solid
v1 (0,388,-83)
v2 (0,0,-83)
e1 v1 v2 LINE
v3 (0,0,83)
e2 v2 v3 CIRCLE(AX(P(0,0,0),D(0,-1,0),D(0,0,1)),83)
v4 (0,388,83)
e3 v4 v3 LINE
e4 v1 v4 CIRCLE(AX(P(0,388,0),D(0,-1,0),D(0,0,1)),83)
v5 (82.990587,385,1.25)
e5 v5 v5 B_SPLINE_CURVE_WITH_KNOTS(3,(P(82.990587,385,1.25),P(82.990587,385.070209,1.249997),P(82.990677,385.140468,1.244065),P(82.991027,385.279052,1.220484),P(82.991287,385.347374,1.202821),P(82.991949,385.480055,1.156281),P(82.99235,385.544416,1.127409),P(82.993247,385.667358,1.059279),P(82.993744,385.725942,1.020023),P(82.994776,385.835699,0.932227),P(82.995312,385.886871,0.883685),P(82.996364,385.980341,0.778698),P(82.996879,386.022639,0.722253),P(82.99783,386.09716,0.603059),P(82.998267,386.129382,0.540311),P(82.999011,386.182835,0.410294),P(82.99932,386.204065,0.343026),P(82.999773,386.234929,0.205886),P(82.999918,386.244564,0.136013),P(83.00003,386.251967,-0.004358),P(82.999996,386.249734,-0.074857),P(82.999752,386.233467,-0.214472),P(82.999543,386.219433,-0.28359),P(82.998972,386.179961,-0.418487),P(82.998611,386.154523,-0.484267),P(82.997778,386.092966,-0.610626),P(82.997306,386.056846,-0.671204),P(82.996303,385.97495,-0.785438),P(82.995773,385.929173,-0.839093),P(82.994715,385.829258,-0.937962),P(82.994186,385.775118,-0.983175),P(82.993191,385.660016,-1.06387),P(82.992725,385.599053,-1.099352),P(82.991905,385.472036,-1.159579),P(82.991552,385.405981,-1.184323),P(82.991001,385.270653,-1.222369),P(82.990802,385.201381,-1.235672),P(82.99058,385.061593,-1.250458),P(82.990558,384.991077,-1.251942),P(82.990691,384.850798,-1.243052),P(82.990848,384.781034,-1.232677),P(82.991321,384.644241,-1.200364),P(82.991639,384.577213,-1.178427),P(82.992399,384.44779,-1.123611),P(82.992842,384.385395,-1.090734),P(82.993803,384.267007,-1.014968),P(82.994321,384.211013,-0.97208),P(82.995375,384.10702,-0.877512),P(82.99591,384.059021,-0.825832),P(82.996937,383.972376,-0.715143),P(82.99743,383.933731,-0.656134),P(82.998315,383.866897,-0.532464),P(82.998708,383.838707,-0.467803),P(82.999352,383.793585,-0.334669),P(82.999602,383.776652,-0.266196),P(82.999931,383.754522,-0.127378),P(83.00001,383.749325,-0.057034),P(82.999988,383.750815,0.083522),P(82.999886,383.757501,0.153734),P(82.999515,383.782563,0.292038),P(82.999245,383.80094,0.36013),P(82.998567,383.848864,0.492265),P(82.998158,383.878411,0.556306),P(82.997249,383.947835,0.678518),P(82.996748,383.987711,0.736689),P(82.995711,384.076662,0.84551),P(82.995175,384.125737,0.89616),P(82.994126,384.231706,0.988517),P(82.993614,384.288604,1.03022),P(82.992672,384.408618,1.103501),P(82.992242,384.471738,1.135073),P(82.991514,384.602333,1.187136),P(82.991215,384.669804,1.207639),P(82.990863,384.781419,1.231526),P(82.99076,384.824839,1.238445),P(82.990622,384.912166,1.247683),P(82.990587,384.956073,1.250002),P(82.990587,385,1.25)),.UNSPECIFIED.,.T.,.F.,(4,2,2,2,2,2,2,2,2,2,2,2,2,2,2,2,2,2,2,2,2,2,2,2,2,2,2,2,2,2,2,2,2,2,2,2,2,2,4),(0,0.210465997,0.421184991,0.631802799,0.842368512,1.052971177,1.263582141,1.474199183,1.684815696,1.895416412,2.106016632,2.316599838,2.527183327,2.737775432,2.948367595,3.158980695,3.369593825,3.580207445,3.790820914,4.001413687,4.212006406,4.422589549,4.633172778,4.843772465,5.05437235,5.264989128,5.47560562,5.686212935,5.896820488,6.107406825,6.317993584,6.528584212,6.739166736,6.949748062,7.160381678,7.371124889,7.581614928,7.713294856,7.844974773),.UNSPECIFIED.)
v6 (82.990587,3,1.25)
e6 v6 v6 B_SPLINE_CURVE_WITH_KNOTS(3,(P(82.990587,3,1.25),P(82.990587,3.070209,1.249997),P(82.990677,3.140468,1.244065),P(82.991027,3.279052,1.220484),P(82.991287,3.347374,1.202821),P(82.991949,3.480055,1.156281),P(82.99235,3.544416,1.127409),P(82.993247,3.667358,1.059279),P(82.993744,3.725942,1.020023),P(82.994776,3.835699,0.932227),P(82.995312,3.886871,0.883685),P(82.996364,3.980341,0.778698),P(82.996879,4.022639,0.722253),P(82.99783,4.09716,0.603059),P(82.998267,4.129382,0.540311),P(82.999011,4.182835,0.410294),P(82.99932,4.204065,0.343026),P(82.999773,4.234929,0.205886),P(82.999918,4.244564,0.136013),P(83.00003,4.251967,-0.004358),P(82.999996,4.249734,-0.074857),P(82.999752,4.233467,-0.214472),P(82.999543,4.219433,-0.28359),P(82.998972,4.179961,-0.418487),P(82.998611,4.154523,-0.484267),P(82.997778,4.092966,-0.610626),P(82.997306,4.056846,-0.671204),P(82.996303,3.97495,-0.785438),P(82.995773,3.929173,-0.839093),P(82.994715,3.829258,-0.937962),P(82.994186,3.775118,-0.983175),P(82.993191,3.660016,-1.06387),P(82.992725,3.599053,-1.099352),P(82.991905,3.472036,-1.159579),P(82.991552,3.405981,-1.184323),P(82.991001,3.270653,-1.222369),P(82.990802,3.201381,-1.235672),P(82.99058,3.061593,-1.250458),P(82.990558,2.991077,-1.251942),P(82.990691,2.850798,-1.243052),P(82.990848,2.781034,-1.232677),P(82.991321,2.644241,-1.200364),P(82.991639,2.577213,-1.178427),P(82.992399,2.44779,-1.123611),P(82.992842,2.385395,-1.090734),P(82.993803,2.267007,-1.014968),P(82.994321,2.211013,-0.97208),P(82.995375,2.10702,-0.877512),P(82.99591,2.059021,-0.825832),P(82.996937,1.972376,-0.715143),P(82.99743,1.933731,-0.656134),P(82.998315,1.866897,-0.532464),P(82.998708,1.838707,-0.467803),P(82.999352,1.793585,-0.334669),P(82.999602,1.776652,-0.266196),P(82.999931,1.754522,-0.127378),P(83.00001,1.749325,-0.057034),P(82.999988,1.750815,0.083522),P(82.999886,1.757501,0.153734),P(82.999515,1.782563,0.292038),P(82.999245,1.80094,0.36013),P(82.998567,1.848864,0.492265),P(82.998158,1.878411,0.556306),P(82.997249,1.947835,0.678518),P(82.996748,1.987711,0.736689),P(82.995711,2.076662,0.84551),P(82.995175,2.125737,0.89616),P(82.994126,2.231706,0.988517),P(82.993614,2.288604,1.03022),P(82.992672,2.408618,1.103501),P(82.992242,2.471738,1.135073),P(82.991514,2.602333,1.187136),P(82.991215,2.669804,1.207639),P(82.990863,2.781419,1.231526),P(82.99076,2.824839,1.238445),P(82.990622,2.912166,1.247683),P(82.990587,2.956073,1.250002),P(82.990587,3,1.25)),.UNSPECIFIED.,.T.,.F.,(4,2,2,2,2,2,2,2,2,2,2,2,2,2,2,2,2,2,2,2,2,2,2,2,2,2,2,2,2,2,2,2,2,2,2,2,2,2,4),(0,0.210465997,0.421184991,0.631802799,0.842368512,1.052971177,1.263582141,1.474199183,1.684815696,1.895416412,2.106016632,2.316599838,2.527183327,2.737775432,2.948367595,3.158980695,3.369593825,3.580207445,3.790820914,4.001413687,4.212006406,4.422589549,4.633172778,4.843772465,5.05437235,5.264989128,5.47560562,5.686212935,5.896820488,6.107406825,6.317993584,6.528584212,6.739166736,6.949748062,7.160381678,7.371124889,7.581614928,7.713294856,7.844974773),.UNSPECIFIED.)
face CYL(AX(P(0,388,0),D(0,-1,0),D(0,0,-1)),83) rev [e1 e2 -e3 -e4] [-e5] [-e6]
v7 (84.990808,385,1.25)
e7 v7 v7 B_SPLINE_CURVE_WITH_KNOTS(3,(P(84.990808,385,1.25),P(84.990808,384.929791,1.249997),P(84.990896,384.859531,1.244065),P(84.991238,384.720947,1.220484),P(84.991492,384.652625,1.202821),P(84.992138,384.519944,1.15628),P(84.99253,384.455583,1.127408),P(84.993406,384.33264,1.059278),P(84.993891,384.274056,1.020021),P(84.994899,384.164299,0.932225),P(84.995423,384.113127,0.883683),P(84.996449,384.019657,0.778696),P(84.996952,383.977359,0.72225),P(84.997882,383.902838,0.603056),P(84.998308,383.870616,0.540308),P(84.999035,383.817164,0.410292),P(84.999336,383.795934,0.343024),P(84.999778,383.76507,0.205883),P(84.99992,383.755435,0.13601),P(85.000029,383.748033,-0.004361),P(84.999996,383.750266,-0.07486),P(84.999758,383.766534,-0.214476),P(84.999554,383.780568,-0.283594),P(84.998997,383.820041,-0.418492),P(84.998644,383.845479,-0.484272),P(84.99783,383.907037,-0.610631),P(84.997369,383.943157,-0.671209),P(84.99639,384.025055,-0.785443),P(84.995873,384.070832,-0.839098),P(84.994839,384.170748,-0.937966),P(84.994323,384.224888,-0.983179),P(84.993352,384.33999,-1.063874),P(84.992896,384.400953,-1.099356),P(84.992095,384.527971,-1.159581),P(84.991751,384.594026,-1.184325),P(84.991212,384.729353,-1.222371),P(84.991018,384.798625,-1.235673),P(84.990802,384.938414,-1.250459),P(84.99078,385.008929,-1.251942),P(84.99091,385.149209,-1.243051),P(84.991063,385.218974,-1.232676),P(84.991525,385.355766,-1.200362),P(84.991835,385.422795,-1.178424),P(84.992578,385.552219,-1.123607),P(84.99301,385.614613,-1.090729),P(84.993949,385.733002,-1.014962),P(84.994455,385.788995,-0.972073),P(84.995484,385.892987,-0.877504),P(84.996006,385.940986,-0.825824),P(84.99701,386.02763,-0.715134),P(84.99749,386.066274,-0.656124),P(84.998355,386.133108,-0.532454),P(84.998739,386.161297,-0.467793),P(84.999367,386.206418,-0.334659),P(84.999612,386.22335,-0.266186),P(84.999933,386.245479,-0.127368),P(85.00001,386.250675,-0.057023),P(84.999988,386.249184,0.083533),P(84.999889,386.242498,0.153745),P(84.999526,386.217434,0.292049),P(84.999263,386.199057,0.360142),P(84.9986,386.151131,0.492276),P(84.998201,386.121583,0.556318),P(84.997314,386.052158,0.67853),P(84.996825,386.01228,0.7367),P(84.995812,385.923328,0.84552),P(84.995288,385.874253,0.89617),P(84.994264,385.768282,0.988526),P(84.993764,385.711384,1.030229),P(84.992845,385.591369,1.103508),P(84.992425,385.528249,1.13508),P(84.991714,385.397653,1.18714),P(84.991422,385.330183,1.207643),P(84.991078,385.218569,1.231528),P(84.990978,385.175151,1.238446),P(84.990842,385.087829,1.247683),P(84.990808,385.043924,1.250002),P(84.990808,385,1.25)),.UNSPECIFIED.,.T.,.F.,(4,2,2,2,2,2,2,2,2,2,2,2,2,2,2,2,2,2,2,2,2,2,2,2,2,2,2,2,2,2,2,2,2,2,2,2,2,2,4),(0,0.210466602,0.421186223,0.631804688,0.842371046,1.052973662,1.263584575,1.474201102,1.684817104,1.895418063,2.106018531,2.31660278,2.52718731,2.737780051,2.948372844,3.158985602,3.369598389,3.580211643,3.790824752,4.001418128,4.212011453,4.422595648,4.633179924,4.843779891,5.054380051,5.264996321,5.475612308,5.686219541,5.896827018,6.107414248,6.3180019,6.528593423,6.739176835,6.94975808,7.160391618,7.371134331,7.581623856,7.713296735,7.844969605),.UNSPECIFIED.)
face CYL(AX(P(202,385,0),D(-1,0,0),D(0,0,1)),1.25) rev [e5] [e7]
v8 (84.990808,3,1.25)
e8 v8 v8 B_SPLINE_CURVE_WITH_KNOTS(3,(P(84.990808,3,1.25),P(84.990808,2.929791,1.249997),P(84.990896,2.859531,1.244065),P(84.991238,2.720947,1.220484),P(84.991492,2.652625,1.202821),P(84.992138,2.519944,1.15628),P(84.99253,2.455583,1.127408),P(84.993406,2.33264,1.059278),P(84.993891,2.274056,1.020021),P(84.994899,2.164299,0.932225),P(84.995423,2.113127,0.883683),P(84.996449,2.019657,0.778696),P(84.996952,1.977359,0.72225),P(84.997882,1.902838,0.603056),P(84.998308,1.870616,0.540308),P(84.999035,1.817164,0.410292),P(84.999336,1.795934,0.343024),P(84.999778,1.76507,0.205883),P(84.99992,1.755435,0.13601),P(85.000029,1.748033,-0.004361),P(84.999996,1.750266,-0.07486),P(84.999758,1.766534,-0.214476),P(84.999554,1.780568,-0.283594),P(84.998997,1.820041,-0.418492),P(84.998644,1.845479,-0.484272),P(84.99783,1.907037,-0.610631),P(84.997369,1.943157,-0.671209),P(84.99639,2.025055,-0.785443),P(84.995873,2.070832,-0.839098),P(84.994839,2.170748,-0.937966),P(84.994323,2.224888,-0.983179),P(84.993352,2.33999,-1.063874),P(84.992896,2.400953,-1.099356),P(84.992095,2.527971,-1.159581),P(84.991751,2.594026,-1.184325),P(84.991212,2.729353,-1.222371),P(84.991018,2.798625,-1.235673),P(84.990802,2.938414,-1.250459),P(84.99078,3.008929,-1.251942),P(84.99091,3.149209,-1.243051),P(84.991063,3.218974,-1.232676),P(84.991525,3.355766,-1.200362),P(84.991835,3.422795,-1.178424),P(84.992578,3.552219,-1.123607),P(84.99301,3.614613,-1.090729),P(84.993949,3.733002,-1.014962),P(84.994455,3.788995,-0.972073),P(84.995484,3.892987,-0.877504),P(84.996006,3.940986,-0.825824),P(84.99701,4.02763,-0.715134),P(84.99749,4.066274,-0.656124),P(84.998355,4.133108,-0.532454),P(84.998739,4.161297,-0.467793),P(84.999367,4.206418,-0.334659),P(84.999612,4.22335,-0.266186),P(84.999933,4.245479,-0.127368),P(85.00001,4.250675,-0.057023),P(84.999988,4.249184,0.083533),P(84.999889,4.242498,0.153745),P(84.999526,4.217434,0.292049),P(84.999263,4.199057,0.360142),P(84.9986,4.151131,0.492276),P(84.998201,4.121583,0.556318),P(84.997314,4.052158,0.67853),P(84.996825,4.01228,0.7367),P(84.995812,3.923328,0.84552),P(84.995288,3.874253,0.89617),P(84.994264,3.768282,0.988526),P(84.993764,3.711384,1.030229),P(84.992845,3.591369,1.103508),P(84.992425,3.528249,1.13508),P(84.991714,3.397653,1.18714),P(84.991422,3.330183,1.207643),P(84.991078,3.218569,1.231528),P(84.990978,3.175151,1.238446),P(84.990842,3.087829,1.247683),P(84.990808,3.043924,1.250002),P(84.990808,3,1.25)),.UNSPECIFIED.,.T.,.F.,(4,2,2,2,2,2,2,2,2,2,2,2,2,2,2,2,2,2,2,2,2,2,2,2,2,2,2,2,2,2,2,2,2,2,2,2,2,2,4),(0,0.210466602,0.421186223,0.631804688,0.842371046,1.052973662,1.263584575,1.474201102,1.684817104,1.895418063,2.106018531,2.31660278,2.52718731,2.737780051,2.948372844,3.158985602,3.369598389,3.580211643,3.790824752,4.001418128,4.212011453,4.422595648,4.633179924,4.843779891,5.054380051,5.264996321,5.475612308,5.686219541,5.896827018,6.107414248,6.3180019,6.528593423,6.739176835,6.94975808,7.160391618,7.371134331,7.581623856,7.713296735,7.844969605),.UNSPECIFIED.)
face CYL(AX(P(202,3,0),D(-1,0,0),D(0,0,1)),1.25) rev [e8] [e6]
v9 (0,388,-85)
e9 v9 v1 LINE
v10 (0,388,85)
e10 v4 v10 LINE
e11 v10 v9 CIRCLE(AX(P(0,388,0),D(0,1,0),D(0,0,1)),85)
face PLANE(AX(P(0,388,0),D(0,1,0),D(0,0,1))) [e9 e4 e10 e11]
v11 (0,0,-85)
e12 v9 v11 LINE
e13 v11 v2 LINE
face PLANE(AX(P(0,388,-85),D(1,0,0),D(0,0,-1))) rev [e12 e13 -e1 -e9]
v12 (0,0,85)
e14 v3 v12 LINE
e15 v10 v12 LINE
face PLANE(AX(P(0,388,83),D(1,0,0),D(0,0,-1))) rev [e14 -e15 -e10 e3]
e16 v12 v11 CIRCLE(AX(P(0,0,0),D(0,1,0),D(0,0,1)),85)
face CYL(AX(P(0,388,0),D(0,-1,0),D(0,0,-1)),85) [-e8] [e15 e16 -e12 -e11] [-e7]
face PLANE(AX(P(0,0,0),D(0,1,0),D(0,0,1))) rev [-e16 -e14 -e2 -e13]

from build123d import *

# Parameters (mm, degrees)
BOSS_EXTRUDE1_DEPTH = 388
SKETCH2_R           = 1.25
CUT_EXTRUDE1_DEPTH  = 202


with BuildPart() as part:
    # Sketch1 → Boss-Extrude1 (new body)
    with BuildSketch(Plane(origin=(0, 0, 0), x_dir=(1, 0, 0), z_dir=(0, 1, 0))):
        with BuildLine():
            Line((0, 85), (0, 83))
            ThreePointArc((0, 83), (83, 0), (0, -83))
            Line((0, -83), (0, -85))
            ThreePointArc((0, -85), (85, 0), (0, 85))
        make_face()
    extrude(amount=BOSS_EXTRUDE1_DEPTH)

    # Sketch2 → Cut-Extrude1 (cut)
    with BuildSketch(Plane(origin=(0, 0, 0), x_dir=(0, 0, -1), z_dir=(1, 0, 0))):
        with Locations(Location((0, 385, 0), (0, 0, 180))):
            Circle(SKETCH2_R)
        with Locations(Location((0, 3, 0), (0, 0, 180))):
            Circle(SKETCH2_R)
    extrude(amount=CUT_EXTRUDE1_DEPTH, mode=Mode.SUBTRACT)


solid = part.part
